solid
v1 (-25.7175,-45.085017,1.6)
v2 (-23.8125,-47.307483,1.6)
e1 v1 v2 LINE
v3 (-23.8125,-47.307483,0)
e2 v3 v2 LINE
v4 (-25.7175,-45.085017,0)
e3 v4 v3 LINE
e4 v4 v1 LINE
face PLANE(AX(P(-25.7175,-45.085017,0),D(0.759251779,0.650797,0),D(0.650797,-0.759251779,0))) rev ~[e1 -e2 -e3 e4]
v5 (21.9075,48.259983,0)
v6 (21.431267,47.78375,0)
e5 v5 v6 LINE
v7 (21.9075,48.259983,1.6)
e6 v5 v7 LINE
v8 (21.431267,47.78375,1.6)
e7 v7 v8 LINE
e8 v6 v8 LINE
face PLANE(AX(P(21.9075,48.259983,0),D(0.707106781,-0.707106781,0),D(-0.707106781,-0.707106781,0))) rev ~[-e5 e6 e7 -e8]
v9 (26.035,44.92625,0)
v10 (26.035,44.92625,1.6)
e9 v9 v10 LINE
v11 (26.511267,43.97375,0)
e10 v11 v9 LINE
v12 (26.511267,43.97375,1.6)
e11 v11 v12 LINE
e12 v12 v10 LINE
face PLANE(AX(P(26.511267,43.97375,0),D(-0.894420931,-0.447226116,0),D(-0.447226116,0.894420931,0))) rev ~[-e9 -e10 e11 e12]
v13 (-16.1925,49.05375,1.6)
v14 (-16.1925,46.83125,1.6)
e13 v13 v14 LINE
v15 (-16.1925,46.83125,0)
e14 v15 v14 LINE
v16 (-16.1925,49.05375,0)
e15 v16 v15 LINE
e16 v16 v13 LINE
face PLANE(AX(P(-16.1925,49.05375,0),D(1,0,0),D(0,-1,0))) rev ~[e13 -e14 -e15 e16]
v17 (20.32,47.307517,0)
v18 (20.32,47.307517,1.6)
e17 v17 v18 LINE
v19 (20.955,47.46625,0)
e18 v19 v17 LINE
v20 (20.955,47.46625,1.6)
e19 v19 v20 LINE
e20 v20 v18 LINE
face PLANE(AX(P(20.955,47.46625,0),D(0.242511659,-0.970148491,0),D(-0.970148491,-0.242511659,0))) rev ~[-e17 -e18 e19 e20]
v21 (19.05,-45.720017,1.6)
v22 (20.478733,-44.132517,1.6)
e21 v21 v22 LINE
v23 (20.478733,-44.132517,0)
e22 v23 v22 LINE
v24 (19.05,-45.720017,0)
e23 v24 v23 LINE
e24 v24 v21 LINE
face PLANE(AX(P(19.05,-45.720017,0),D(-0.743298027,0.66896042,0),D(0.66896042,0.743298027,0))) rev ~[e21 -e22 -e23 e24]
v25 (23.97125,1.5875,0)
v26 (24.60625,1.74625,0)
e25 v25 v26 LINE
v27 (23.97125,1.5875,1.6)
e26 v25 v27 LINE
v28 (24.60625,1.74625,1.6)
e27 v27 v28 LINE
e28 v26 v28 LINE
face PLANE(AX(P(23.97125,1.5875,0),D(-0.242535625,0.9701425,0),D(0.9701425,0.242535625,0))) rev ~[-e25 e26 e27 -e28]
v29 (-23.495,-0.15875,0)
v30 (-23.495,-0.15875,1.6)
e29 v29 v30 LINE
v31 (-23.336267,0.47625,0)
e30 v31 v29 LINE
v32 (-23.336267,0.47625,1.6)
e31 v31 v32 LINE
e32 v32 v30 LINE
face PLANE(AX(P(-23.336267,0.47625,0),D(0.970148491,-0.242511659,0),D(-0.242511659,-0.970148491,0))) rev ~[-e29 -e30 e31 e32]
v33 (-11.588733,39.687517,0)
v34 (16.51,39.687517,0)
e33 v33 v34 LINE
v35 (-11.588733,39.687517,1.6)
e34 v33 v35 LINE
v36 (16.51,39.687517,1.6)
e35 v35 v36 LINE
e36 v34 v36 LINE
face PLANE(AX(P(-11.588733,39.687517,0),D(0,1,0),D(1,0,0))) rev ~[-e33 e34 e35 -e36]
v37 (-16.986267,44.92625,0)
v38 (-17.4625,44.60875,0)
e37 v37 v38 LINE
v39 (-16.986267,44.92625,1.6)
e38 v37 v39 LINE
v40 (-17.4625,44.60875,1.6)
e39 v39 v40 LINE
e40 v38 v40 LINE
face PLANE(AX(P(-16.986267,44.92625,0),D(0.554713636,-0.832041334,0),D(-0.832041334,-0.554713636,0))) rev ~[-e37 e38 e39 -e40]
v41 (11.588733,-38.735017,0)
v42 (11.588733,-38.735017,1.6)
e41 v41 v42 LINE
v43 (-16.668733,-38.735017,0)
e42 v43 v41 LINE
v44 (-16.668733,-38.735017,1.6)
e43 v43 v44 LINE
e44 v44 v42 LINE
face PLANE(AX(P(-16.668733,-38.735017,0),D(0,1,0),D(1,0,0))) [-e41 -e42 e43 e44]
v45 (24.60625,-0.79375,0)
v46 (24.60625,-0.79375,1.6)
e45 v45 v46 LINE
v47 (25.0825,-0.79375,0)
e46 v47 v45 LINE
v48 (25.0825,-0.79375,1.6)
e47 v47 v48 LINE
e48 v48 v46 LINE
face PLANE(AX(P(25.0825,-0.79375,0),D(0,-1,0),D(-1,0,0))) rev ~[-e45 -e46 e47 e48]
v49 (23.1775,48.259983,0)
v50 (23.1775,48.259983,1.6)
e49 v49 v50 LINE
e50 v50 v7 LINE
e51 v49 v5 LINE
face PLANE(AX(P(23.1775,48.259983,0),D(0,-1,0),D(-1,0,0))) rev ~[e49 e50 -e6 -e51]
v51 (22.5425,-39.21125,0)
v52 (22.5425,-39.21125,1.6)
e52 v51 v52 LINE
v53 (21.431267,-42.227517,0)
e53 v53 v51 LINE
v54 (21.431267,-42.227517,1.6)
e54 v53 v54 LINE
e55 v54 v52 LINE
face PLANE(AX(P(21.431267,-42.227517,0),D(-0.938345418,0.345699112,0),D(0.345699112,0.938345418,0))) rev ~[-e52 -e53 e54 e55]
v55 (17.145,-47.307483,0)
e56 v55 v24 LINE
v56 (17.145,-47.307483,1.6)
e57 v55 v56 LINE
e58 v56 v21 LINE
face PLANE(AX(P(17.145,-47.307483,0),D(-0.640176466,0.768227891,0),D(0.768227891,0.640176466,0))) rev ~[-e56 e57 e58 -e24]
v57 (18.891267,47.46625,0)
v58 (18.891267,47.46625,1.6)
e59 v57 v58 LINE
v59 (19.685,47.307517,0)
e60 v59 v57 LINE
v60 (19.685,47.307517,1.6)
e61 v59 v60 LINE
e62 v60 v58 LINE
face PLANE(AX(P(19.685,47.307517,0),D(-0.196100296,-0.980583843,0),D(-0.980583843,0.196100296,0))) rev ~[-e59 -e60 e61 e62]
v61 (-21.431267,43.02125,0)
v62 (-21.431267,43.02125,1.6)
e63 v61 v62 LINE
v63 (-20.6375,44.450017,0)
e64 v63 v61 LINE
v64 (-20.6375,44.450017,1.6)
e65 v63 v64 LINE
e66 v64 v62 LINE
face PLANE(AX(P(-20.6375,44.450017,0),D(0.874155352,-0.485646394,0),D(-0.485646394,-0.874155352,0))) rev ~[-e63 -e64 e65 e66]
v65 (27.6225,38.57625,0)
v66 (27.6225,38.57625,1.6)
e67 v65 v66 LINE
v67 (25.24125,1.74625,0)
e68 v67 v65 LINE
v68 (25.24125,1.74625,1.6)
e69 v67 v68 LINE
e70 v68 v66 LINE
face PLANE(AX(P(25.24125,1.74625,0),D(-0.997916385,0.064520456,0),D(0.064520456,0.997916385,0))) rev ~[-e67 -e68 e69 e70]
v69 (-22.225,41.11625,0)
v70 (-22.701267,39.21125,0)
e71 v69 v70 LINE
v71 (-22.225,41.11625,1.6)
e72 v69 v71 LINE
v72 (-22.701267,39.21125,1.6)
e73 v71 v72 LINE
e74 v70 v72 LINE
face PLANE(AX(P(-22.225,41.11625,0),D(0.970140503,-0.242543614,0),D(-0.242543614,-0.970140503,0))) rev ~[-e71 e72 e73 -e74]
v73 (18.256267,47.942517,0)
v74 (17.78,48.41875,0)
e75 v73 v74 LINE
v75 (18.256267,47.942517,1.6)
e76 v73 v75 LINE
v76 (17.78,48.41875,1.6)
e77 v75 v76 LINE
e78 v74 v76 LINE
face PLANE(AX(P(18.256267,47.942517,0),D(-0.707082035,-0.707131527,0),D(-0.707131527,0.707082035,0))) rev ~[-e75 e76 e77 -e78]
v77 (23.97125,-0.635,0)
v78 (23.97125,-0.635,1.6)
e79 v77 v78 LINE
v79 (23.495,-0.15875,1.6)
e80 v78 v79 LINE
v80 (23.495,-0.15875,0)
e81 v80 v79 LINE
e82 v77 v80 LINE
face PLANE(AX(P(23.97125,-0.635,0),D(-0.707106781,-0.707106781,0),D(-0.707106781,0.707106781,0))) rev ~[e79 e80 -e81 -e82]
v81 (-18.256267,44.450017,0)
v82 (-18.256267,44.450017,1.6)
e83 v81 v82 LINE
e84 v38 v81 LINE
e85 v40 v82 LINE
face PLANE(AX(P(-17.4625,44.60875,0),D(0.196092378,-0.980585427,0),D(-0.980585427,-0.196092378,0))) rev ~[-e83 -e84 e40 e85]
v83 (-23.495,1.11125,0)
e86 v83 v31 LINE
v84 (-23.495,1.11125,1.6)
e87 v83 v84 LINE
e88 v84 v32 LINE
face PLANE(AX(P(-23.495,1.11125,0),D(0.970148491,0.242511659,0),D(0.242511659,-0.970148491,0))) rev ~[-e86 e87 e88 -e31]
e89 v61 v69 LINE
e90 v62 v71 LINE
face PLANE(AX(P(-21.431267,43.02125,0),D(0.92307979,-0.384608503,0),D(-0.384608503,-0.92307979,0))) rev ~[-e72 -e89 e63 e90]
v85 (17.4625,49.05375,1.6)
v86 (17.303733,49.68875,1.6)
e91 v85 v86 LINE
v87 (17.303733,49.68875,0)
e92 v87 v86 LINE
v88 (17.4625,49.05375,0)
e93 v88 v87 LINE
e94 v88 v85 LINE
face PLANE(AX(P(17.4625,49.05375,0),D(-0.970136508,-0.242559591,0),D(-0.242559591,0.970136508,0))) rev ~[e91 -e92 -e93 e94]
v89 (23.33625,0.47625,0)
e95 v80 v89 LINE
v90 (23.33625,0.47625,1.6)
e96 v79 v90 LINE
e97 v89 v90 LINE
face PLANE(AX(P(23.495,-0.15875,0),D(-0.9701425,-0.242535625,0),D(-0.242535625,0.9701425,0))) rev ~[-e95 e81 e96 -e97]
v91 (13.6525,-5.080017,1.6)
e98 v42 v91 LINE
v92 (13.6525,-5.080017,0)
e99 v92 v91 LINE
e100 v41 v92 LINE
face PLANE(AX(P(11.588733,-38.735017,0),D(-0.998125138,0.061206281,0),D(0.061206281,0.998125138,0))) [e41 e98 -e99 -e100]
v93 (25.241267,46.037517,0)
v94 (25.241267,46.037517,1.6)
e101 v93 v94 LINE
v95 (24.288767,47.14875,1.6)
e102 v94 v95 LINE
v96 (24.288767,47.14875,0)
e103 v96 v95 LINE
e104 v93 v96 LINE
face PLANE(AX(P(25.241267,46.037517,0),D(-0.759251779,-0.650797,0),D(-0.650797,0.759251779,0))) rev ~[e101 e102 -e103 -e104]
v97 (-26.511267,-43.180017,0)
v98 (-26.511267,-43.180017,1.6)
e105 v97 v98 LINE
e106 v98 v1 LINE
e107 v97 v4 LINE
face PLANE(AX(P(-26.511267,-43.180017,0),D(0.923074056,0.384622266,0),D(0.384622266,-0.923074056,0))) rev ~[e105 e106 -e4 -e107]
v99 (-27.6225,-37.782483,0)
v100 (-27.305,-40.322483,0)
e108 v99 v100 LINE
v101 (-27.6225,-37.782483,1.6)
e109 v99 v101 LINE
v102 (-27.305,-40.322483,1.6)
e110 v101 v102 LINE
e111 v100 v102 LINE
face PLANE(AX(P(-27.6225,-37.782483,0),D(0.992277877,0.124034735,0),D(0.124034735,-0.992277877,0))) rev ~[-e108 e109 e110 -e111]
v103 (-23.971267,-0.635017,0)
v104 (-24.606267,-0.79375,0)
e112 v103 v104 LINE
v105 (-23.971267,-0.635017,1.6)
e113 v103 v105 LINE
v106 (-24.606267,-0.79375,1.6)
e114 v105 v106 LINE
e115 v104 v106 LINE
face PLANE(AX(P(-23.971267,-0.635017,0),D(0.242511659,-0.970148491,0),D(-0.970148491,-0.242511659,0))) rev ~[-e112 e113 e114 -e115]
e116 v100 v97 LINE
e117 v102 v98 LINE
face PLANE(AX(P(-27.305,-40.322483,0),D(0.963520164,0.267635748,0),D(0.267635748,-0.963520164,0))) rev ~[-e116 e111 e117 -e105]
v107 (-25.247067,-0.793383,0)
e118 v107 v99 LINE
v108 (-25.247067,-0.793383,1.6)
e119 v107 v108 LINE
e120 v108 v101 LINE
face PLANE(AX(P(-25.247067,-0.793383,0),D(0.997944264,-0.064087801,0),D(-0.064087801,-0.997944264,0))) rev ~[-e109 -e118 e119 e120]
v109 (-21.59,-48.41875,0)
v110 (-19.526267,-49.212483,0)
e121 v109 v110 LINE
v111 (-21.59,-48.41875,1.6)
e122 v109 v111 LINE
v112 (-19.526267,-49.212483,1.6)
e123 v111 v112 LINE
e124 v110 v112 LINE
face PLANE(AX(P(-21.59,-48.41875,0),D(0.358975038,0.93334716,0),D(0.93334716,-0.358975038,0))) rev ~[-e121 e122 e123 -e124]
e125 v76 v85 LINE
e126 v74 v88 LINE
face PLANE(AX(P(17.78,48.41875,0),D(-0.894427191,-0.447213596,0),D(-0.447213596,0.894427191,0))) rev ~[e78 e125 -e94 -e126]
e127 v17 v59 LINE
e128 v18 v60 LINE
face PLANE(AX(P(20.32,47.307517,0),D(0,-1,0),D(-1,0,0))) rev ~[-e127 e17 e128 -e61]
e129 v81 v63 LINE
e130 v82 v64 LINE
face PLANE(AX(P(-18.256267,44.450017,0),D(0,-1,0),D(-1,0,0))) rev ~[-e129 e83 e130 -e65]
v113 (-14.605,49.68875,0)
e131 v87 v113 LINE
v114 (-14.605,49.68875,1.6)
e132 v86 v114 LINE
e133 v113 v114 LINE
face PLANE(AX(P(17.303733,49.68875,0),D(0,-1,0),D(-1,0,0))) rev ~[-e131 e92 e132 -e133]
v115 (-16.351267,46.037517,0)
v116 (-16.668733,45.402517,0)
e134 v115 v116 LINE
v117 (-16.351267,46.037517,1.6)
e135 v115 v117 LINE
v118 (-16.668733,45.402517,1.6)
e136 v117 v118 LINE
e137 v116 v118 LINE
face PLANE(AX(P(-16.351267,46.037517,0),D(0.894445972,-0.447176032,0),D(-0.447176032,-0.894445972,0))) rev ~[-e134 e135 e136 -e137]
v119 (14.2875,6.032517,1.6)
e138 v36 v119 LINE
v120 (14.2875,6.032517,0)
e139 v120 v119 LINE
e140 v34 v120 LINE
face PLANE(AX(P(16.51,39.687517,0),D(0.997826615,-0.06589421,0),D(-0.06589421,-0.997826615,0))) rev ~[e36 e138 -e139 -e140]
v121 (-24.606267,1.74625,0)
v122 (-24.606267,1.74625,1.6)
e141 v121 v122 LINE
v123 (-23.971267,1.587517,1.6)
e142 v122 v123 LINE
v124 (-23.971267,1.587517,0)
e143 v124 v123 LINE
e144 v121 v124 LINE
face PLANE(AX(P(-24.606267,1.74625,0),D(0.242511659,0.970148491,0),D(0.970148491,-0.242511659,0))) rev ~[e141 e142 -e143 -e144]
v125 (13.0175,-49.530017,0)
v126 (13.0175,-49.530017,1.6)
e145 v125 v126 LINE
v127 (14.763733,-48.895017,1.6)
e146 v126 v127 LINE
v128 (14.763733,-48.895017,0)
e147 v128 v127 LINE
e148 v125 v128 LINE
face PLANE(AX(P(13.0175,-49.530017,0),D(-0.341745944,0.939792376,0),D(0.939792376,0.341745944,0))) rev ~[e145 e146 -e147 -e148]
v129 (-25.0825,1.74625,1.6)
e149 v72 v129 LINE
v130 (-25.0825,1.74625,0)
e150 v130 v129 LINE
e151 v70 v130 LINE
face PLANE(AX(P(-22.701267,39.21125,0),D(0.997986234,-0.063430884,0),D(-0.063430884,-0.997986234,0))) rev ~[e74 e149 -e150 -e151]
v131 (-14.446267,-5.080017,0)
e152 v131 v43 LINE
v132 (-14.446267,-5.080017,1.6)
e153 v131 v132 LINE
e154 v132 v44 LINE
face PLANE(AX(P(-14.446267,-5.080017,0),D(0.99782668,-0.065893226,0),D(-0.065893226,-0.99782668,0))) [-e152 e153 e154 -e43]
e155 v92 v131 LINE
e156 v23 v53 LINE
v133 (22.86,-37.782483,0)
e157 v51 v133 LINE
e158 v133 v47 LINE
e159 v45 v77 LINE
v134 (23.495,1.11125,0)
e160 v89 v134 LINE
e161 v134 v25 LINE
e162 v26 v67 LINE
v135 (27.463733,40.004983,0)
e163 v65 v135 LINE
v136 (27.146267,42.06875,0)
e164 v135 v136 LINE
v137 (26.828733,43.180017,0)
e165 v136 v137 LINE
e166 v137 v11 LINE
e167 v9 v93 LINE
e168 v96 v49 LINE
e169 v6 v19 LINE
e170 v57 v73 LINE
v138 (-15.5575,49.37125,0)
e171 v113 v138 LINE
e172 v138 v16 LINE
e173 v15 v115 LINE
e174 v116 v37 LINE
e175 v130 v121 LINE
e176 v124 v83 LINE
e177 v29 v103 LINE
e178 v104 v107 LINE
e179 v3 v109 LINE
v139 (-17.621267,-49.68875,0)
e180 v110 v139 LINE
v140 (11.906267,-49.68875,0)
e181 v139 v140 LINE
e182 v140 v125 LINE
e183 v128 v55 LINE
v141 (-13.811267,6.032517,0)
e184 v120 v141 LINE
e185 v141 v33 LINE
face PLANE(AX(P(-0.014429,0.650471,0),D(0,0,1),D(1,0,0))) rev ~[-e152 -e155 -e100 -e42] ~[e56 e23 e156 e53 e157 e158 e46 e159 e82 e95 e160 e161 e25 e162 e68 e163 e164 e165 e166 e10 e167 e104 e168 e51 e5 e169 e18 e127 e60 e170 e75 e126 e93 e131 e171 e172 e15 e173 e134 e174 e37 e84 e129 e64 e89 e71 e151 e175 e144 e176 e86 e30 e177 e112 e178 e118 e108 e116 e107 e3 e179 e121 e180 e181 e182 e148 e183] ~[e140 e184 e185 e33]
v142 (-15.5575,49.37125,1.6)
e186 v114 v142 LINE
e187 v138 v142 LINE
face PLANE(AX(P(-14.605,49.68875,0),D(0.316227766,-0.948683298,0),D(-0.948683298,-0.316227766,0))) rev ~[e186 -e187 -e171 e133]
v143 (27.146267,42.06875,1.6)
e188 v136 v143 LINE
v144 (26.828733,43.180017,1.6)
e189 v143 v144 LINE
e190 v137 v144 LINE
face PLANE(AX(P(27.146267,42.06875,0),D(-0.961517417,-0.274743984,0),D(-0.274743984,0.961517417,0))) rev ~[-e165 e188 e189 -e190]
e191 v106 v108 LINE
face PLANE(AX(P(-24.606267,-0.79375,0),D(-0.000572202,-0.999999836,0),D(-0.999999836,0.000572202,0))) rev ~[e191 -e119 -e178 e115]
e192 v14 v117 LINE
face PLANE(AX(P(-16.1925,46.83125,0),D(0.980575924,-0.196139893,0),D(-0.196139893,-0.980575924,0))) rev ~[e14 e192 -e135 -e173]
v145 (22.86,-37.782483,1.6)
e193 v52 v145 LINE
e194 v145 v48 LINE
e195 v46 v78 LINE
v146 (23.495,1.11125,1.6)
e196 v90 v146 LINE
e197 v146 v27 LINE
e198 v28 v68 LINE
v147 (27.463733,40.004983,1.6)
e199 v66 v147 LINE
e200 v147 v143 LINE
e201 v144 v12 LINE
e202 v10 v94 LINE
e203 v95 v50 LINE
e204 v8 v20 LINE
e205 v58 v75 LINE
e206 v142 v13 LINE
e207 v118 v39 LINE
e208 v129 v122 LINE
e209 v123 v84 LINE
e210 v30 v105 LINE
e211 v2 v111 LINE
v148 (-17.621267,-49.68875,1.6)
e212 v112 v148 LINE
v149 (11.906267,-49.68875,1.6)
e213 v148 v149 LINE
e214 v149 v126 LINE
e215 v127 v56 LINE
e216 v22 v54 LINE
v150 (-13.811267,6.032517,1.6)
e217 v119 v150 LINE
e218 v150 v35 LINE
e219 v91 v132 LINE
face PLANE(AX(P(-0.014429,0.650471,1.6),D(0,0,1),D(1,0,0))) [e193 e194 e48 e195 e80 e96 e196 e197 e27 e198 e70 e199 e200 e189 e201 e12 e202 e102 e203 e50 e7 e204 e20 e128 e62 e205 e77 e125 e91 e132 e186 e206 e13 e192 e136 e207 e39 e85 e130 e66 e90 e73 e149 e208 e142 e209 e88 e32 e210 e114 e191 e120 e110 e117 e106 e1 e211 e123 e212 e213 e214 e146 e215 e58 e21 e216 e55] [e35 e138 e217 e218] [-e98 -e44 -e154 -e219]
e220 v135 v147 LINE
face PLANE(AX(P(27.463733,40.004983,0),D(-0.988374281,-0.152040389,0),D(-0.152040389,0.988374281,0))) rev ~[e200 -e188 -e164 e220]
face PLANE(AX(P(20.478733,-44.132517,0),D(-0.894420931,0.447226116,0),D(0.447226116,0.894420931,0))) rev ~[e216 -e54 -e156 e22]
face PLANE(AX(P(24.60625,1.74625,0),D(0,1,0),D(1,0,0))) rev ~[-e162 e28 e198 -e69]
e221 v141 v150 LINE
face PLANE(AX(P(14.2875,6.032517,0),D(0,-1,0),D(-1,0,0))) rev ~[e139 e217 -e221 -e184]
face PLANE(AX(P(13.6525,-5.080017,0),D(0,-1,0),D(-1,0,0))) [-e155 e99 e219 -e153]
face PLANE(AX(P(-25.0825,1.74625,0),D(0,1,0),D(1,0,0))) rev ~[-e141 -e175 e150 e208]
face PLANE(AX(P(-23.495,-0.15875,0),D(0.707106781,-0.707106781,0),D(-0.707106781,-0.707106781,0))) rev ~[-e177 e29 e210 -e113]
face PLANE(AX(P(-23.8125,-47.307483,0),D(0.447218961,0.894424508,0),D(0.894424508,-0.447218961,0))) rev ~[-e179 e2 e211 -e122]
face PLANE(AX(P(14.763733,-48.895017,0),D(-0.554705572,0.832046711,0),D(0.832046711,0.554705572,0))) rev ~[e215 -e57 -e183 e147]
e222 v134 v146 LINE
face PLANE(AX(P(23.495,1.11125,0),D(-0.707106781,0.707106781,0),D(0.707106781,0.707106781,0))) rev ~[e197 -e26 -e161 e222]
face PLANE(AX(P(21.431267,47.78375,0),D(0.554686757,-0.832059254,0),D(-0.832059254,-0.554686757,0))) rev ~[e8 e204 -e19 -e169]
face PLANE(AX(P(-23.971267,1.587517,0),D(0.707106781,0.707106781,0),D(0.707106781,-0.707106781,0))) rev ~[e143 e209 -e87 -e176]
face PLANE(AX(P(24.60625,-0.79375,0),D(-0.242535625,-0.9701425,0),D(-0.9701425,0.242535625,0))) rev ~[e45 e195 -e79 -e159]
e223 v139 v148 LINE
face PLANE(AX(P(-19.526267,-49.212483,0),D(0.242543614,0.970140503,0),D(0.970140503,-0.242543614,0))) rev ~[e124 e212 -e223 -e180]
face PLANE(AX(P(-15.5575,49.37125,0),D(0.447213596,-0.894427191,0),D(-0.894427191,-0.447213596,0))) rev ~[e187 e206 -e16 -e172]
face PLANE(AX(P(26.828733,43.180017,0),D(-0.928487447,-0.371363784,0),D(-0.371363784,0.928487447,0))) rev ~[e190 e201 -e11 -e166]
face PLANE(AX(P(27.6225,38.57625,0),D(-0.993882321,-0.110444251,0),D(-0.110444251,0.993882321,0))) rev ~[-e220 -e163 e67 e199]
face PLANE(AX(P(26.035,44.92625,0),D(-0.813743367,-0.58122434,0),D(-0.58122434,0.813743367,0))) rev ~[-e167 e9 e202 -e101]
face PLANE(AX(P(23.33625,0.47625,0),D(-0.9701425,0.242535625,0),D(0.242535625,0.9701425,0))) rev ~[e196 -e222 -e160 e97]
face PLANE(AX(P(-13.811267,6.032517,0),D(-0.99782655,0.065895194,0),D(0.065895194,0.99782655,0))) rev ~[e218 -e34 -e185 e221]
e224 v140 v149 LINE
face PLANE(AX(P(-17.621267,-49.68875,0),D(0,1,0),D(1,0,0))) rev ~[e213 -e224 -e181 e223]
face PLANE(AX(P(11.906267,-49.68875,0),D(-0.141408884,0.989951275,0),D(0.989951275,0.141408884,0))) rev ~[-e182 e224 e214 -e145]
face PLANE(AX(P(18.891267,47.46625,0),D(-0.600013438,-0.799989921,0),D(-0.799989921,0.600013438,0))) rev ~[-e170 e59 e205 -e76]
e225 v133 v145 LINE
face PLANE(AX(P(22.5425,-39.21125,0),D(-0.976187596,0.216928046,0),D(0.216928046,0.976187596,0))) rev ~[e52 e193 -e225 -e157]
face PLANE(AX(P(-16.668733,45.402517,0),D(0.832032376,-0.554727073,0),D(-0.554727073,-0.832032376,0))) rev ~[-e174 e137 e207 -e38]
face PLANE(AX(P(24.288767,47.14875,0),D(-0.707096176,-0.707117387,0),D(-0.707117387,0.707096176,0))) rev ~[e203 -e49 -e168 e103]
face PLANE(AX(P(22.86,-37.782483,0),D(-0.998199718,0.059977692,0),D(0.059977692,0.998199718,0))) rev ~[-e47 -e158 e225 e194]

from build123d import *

# Parameters (mm, degrees)
AUFSATZ_LINEAR_AUSTRAGEN1_DEPTH = 1.6


with BuildPart() as part:
    # Skizze1 → Aufsatz-Linear austragen1 (new body)
    with BuildSketch(Plane.XY):
        Polygon((17.145, -47.307483333), (19.05, -45.720016667), (20.478733333, -44.132516667), (21.431266667, -42.227516667), (22.5425, -39.21125), (22.86, -37.782483333), (25.0825, -0.79375), (24.60625, -0.79375), (23.97125, -0.635), (23.495, -0.15875), (23.33625, 0.47625), (23.495, 1.11125), (23.97125, 1.5875), (24.60625, 1.74625), (25.24125, 1.74625), (27.6225, 38.57625), (27.463733333, 40.004983333), (27.146266667, 42.06875), (26.828733333, 43.180016667), (26.511266667, 43.97375), (26.035, 44.92625), (25.241266667, 46.037516667), (24.288766667, 47.14875), (23.1775, 48.259983333), (21.9075, 48.259983333), (21.431266667, 47.78375), (20.955, 47.46625), (20.32, 47.307516667), (19.685, 47.307516667), (18.891266667, 47.46625), (18.256266667, 47.942516667), (17.78, 48.41875), (17.4625, 49.05375), (17.303733333, 49.68875), (12.7, 49.68875), (-14.605, 49.68875), (-15.5575, 49.37125), (-16.1925, 49.05375), (-16.1925, 46.83125), (-16.351266667, 46.037516667), (-16.668733333, 45.402516667), (-16.986266667, 44.92625), (-17.4625, 44.60875), (-18.256266667, 44.450016667), (-20.6375, 44.450016667), (-21.431266667, 43.02125), (-22.225, 41.11625), (-22.701266667, 39.21125), (-25.0825, 1.74625), (-24.606266667, 1.74625), (-23.971266667, 1.587516667), (-23.495, 1.11125), (-23.336266667, 0.47625), (-23.495, -0.15875), (-23.971266667, -0.635016667), (-24.606266667, -0.79375), (-25.247066667, -0.793383333), (-27.6225, -37.782483333), (-27.305, -40.322483333), (-26.511266667, -43.180016667), (-25.7175, -45.085016667), (-23.8125, -47.307483333), (-21.59, -48.41875), (-19.526266667, -49.212483333), (-17.621266667, -49.68875), (11.906266667, -49.68875), (13.0175, -49.530016667), (14.763733333, -48.895016667), align=None)
        Polygon((13.6525, -5.080016667), (-14.446266667, -5.080016667), (-16.668733333, -38.735016667), (11.588733333, -38.735016667), align=None, mode=Mode.SUBTRACT)
        Polygon((-13.811266667, 6.032516667), (-11.588733333, 39.687516667), (16.51, 39.687516667), (14.2875, 6.032516667), align=None, mode=Mode.SUBTRACT)
    extrude(amount=AUFSATZ_LINEAR_AUSTRAGEN1_DEPTH)


solid = part.part
